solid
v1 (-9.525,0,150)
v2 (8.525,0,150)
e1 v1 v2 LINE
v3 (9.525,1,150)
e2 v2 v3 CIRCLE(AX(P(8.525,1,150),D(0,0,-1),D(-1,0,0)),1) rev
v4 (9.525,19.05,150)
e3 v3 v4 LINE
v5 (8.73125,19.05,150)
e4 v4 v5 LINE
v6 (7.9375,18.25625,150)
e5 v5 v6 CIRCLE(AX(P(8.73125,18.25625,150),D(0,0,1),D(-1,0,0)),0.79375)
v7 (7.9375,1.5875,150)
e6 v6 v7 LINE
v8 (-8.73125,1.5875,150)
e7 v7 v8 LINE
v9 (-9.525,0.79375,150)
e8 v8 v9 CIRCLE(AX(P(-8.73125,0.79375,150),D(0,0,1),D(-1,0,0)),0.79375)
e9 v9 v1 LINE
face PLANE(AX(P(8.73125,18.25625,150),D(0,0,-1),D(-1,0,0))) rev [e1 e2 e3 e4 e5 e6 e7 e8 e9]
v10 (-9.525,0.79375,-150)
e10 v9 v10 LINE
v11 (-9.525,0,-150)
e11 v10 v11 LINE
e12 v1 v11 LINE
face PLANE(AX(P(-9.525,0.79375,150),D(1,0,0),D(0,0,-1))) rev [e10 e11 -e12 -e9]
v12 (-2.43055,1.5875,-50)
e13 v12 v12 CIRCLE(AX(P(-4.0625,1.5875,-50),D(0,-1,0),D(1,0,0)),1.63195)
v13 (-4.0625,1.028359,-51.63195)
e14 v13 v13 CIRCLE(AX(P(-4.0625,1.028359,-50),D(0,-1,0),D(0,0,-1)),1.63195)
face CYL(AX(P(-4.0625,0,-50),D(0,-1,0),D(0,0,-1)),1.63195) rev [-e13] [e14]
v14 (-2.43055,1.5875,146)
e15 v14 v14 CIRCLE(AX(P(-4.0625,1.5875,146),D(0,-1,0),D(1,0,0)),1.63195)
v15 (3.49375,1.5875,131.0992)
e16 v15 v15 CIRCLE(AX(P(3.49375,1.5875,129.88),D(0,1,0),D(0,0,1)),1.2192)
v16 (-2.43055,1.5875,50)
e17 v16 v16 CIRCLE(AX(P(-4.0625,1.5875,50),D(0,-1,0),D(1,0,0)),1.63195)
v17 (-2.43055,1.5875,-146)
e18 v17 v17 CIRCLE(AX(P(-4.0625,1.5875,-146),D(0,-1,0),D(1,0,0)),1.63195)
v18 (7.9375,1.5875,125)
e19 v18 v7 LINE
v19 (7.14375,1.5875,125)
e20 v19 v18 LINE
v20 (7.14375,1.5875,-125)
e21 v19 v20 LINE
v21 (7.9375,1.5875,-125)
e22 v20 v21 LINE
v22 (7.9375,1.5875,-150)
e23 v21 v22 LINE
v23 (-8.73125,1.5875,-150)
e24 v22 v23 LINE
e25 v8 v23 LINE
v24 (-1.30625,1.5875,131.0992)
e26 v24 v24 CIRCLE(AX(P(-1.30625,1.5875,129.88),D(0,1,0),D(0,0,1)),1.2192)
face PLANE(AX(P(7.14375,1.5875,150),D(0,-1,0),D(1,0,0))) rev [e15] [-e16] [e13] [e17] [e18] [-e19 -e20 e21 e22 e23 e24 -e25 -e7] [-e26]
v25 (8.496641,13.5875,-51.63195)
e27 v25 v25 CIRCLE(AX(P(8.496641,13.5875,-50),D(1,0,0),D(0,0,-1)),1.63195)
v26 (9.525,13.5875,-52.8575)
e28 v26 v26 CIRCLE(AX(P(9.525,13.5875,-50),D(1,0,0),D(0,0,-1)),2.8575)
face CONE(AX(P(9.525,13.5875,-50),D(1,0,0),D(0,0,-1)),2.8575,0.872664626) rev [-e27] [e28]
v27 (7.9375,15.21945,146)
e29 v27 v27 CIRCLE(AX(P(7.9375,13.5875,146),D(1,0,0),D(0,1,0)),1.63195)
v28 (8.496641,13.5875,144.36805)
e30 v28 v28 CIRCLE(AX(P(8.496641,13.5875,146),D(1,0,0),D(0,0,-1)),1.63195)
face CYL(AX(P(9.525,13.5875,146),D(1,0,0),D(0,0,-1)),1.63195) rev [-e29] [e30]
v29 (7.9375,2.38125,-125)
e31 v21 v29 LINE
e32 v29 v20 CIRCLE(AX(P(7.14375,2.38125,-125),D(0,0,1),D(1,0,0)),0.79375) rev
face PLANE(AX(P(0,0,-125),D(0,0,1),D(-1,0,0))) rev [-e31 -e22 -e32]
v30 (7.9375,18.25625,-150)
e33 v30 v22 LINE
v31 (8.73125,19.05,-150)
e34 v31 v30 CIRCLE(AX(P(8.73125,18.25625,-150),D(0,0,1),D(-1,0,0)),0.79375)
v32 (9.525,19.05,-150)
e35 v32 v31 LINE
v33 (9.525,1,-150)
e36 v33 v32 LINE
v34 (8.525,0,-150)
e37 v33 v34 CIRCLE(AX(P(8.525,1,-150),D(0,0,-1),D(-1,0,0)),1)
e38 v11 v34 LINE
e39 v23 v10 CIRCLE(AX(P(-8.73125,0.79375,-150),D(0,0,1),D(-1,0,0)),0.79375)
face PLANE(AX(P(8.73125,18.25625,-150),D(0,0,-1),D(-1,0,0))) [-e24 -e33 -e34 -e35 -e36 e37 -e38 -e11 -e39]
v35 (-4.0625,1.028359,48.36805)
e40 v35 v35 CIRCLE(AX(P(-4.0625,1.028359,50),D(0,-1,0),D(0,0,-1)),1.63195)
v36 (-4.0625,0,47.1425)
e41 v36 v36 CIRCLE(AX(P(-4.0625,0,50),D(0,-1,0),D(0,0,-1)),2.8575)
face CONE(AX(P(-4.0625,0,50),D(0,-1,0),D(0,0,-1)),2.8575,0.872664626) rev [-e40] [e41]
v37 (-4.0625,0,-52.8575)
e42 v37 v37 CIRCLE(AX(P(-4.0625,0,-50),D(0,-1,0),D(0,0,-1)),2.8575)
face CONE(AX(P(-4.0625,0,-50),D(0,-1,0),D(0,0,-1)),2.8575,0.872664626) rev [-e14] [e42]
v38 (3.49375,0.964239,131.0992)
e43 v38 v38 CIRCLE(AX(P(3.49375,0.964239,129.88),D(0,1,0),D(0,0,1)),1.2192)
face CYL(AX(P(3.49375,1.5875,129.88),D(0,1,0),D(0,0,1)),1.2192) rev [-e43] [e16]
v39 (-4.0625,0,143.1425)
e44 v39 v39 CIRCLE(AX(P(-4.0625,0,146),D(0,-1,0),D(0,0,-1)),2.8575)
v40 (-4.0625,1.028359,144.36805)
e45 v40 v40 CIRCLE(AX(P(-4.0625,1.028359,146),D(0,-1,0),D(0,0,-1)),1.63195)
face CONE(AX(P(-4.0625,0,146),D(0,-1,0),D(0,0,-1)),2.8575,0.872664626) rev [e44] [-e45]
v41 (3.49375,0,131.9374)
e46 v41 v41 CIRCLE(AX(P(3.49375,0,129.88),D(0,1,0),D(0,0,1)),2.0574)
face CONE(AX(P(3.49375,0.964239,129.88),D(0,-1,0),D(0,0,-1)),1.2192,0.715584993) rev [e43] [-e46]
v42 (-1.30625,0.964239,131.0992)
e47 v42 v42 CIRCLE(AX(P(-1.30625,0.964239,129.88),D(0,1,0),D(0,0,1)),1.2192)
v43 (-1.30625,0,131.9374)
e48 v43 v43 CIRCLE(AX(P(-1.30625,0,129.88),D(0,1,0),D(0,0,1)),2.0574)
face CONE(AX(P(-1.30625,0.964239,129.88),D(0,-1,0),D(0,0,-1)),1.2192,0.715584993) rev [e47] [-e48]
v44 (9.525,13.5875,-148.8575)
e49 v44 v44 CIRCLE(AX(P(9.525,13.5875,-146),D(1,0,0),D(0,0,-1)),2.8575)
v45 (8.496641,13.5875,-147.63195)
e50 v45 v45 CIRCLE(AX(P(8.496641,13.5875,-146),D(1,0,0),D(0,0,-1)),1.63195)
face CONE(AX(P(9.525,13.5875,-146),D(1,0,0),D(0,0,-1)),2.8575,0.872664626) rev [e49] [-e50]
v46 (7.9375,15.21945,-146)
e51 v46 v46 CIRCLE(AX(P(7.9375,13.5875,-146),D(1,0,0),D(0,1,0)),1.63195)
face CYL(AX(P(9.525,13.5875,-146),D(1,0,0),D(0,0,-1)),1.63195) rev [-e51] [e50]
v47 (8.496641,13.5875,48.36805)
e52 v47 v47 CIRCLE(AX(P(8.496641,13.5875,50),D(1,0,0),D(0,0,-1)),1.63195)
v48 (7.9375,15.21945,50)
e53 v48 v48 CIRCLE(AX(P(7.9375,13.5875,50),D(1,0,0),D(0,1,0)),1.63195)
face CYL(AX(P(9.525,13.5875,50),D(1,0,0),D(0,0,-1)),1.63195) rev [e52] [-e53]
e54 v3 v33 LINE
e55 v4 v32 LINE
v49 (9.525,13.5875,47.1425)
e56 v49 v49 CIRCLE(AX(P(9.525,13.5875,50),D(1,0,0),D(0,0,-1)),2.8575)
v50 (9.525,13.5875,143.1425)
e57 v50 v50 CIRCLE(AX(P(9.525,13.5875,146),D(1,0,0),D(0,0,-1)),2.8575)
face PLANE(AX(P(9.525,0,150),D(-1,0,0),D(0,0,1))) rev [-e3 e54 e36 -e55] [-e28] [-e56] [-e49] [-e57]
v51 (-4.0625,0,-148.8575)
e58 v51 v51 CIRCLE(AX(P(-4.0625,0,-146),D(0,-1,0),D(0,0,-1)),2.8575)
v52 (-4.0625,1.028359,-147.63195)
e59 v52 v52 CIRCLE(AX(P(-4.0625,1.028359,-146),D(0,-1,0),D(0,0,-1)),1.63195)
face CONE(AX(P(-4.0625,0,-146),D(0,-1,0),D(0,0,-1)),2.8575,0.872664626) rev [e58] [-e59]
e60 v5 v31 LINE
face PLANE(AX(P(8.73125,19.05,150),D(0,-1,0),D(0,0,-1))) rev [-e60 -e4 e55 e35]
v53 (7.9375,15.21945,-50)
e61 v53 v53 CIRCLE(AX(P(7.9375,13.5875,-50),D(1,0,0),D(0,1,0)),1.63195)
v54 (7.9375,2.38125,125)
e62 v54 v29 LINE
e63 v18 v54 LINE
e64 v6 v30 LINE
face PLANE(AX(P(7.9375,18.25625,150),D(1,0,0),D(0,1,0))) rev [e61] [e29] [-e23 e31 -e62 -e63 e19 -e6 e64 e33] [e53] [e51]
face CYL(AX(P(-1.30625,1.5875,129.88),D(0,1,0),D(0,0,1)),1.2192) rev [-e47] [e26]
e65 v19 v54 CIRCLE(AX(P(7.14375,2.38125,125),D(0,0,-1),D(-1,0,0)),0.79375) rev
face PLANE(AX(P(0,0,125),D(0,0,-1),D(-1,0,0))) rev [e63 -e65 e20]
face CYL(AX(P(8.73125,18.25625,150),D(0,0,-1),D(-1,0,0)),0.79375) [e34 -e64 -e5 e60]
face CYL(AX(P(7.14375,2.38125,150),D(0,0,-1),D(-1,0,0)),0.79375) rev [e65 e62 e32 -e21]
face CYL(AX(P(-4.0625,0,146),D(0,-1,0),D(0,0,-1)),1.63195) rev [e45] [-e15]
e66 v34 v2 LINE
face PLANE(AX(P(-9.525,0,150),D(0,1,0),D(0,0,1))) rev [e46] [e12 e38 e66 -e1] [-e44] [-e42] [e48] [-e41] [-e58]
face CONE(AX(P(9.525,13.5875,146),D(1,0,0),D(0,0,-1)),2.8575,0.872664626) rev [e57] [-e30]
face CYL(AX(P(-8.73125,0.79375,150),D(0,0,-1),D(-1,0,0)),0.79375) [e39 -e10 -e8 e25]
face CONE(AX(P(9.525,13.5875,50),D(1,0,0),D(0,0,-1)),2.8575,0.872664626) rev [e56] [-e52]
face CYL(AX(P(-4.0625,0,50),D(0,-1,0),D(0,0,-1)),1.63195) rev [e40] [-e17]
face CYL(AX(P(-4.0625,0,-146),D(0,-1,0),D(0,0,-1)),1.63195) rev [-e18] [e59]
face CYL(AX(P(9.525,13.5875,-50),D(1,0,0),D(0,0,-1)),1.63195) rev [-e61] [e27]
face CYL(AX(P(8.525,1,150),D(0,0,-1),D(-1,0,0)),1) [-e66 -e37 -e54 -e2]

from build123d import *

# Parameters (mm, degrees)
BOSS_EXTRUDE1_DEPTH                               = 150
CSK_FOR_4_FLAT_HEAD_MACHINE_SCREW_100_D           = 3.2639
CSK_FOR_4_FLAT_HEAD_MACHINE_SCREW_100_CSINK_D     = 5.715
CSK_FOR_4_FLAT_HEAD_MACHINE_SCREW_100_CSINK_ANGLE = 100
CSK_FOR_4_FLAT_HEAD_MACHINE_SCREW_2_D             = 3.2639
CSK_FOR_4_FLAT_HEAD_MACHINE_SCREW_2_CSINK_D       = 5.715
CSK_FOR_4_FLAT_HEAD_MACHINE_SCREW_2_CSINK_ANGLE   = 100
FILLET1_R                                         = 1
F_2_CLEARANCE_HOLE1_AT_2_COUNT                    = 2
F_2_CLEARANCE_HOLE1_AT_2_PITCH                    = 4.8
CSK_FOR_4_FLAT_HEAD_MACHINE_SCREW_3_D             = 3.2639
CSK_FOR_4_FLAT_HEAD_MACHINE_SCREW_3_CSINK_D       = 5.715
CSK_FOR_4_FLAT_HEAD_MACHINE_SCREW_3_CSINK_ANGLE   = 100
CSK_FOR_4_FLAT_HEAD_MACHINE_SCREW_4_D             = 3.2639
CSK_FOR_4_FLAT_HEAD_MACHINE_SCREW_4_CSINK_D       = 5.715
CSK_FOR_4_FLAT_HEAD_MACHINE_SCREW_4_CSINK_ANGLE   = 100
CSK_FOR_4_FLAT_HEAD_MACHINE_SCREW_5_D             = 3.2639
CSK_FOR_4_FLAT_HEAD_MACHINE_SCREW_5_CSINK_D       = 5.715
CSK_FOR_4_FLAT_HEAD_MACHINE_SCREW_5_CSINK_ANGLE   = 100
CSK_FOR_4_FLAT_HEAD_MACHINE_SCREW_6_D             = 3.2639
CSK_FOR_4_FLAT_HEAD_MACHINE_SCREW_6_CSINK_D       = 5.715
CSK_FOR_4_FLAT_HEAD_MACHINE_SCREW_6_CSINK_ANGLE   = 100
CUT_EXTRUDE1_DEPTH                                = 25


with BuildPart() as part:
    # Sketch2 → Boss-Extrude1 (new, symmetric)
    with BuildSketch(Plane.XY):
        with BuildLine():
            Line((-9.525, 0), (9.525, 0))
            Line((9.525, 0), (9.525, 19.05))
            Line((9.525, 19.05), (8.73125, 19.05))
            ThreePointArc((8.73125, 19.05), (8.169983992, 18.817516008), (7.9375, 18.25625))
            Line((7.9375, 18.25625), (7.9375, 2.38125))
            ThreePointArc((7.9375, 2.38125), (7.705016008, 1.819983992), (7.14375, 1.5875))
            Line((7.14375, 1.5875), (-8.73125, 1.5875))
            ThreePointArc((-8.73125, 1.5875), (-9.292516008, 1.355016008), (-9.525, 0.79375))
            Line((-9.525, 0.79375), (-9.525, 0))
        make_face()
    extrude(amount=BOSS_EXTRUDE1_DEPTH, both=True)

    # CSK for _4 Flat Head Machine Screw _100 (through all)
    with Locations(Plane(origin=(0, 0, 0), x_dir=(-1, 0, 0), z_dir=(0, -1, 0))):
        with Locations((4.0625, -146), (4.0625, 146)):
            CounterSinkHole(CSK_FOR_4_FLAT_HEAD_MACHINE_SCREW_100_D / 2, CSK_FOR_4_FLAT_HEAD_MACHINE_SCREW_100_CSINK_D / 2, counter_sink_angle=CSK_FOR_4_FLAT_HEAD_MACHINE_SCREW_100_CSINK_ANGLE)

    # CSK for _4 Flat Head Machine Screw _ 2 (through all)
    with Locations(Plane(origin=(9.525, 0, 0), x_dir=(0, 0, -1), z_dir=(1, 0, 0))):
        with Locations((-146, 13.5875), (146, 13.5875)):
            CounterSinkHole(CSK_FOR_4_FLAT_HEAD_MACHINE_SCREW_2_D / 2, CSK_FOR_4_FLAT_HEAD_MACHINE_SCREW_2_CSINK_D / 2, counter_sink_angle=CSK_FOR_4_FLAT_HEAD_MACHINE_SCREW_2_CSINK_ANGLE)

    # Fillet1
    fillet1_edges = [part.edges().sort_by_distance(p)[0] for p in [
        (9.525, 0, 0),
    ]]
    fillet(fillet1_edges, radius=FILLET1_R)

    # Sketch30 → #2 Clearance Hole1 (revolve, cut)
    with BuildSketch(Plane(origin=(3.49375, 1.5875, 129.88), x_dir=(0, 0, 1), z_dir=(1, 0, 0))):
        Polygon((0, 0), (0, 1.5875), (2.0574, 1.5875), (1.2192, 0.623261201), (1.2192, 0), align=None)
    f_2_clearance_hole1 = revolve(axis=Axis((3.49375, 7.9375, 129.88), (0, -1, 0)), mode=Mode.SUBTRACT)

    # #2 Clearance Hole1 at 2: #2 Clearance Hole1 ×2
    with Locations(*[(-i * F_2_CLEARANCE_HOLE1_AT_2_PITCH, 0, 0) for i in range(1, F_2_CLEARANCE_HOLE1_AT_2_COUNT)]):
        add(f_2_clearance_hole1, mode=Mode.SUBTRACT)

    # CSK for _4 Flat Head Machine Screw _ 3 (through all)
    with Locations(Plane(origin=(0, 0, 0), x_dir=(-1, 0, 0), z_dir=(0, -1, 0))):
        with Locations((4.0625, 50)):
            CounterSinkHole(CSK_FOR_4_FLAT_HEAD_MACHINE_SCREW_3_D / 2, CSK_FOR_4_FLAT_HEAD_MACHINE_SCREW_3_CSINK_D / 2, counter_sink_angle=CSK_FOR_4_FLAT_HEAD_MACHINE_SCREW_3_CSINK_ANGLE)

    # CSK for _4 Flat Head Machine Screw _ 4 (through all)
    with Locations(Plane(origin=(9.525, 0, 0), x_dir=(0, 0, -1), z_dir=(1, 0, 0))):
        with Locations((50, 13.5875)):
            CounterSinkHole(CSK_FOR_4_FLAT_HEAD_MACHINE_SCREW_4_D / 2, CSK_FOR_4_FLAT_HEAD_MACHINE_SCREW_4_CSINK_D / 2, counter_sink_angle=CSK_FOR_4_FLAT_HEAD_MACHINE_SCREW_4_CSINK_ANGLE)

    # CSK for _4 Flat Head Machine Screw _ 5 (through all)
    with Locations(Plane(origin=(9.525, 0, 0), x_dir=(0, 0, -1), z_dir=(1, 0, 0))):
        with Locations((-50, 13.5875)):
            CounterSinkHole(CSK_FOR_4_FLAT_HEAD_MACHINE_SCREW_5_D / 2, CSK_FOR_4_FLAT_HEAD_MACHINE_SCREW_5_CSINK_D / 2, counter_sink_angle=CSK_FOR_4_FLAT_HEAD_MACHINE_SCREW_5_CSINK_ANGLE)

    # CSK for _4 Flat Head Machine Screw _ 6 (through all)
    with Locations(Plane(origin=(0, 0, 0), x_dir=(-1, 0, 0), z_dir=(0, -1, 0))):
        with Locations((4.0625, -50)):
            CounterSinkHole(CSK_FOR_4_FLAT_HEAD_MACHINE_SCREW_6_D / 2, CSK_FOR_4_FLAT_HEAD_MACHINE_SCREW_6_CSINK_D / 2, counter_sink_angle=CSK_FOR_4_FLAT_HEAD_MACHINE_SCREW_6_CSINK_ANGLE)

    # Sketch44 → Cut-Extrude1 (cut)
    with BuildSketch(Plane.XY.offset(150)):
        Polygon((7.9375, 6.5875), (7.9375, 1.5875), (2.9375, 1.5875), align=None)
    cut_extrude1 = extrude(amount=-CUT_EXTRUDE1_DEPTH, mode=Mode.SUBTRACT)

    # Mirror1: Cut-Extrude1 across plane
    add(cut_extrude1.mirror(Plane.XY), mode=Mode.SUBTRACT)


solid = part.part
